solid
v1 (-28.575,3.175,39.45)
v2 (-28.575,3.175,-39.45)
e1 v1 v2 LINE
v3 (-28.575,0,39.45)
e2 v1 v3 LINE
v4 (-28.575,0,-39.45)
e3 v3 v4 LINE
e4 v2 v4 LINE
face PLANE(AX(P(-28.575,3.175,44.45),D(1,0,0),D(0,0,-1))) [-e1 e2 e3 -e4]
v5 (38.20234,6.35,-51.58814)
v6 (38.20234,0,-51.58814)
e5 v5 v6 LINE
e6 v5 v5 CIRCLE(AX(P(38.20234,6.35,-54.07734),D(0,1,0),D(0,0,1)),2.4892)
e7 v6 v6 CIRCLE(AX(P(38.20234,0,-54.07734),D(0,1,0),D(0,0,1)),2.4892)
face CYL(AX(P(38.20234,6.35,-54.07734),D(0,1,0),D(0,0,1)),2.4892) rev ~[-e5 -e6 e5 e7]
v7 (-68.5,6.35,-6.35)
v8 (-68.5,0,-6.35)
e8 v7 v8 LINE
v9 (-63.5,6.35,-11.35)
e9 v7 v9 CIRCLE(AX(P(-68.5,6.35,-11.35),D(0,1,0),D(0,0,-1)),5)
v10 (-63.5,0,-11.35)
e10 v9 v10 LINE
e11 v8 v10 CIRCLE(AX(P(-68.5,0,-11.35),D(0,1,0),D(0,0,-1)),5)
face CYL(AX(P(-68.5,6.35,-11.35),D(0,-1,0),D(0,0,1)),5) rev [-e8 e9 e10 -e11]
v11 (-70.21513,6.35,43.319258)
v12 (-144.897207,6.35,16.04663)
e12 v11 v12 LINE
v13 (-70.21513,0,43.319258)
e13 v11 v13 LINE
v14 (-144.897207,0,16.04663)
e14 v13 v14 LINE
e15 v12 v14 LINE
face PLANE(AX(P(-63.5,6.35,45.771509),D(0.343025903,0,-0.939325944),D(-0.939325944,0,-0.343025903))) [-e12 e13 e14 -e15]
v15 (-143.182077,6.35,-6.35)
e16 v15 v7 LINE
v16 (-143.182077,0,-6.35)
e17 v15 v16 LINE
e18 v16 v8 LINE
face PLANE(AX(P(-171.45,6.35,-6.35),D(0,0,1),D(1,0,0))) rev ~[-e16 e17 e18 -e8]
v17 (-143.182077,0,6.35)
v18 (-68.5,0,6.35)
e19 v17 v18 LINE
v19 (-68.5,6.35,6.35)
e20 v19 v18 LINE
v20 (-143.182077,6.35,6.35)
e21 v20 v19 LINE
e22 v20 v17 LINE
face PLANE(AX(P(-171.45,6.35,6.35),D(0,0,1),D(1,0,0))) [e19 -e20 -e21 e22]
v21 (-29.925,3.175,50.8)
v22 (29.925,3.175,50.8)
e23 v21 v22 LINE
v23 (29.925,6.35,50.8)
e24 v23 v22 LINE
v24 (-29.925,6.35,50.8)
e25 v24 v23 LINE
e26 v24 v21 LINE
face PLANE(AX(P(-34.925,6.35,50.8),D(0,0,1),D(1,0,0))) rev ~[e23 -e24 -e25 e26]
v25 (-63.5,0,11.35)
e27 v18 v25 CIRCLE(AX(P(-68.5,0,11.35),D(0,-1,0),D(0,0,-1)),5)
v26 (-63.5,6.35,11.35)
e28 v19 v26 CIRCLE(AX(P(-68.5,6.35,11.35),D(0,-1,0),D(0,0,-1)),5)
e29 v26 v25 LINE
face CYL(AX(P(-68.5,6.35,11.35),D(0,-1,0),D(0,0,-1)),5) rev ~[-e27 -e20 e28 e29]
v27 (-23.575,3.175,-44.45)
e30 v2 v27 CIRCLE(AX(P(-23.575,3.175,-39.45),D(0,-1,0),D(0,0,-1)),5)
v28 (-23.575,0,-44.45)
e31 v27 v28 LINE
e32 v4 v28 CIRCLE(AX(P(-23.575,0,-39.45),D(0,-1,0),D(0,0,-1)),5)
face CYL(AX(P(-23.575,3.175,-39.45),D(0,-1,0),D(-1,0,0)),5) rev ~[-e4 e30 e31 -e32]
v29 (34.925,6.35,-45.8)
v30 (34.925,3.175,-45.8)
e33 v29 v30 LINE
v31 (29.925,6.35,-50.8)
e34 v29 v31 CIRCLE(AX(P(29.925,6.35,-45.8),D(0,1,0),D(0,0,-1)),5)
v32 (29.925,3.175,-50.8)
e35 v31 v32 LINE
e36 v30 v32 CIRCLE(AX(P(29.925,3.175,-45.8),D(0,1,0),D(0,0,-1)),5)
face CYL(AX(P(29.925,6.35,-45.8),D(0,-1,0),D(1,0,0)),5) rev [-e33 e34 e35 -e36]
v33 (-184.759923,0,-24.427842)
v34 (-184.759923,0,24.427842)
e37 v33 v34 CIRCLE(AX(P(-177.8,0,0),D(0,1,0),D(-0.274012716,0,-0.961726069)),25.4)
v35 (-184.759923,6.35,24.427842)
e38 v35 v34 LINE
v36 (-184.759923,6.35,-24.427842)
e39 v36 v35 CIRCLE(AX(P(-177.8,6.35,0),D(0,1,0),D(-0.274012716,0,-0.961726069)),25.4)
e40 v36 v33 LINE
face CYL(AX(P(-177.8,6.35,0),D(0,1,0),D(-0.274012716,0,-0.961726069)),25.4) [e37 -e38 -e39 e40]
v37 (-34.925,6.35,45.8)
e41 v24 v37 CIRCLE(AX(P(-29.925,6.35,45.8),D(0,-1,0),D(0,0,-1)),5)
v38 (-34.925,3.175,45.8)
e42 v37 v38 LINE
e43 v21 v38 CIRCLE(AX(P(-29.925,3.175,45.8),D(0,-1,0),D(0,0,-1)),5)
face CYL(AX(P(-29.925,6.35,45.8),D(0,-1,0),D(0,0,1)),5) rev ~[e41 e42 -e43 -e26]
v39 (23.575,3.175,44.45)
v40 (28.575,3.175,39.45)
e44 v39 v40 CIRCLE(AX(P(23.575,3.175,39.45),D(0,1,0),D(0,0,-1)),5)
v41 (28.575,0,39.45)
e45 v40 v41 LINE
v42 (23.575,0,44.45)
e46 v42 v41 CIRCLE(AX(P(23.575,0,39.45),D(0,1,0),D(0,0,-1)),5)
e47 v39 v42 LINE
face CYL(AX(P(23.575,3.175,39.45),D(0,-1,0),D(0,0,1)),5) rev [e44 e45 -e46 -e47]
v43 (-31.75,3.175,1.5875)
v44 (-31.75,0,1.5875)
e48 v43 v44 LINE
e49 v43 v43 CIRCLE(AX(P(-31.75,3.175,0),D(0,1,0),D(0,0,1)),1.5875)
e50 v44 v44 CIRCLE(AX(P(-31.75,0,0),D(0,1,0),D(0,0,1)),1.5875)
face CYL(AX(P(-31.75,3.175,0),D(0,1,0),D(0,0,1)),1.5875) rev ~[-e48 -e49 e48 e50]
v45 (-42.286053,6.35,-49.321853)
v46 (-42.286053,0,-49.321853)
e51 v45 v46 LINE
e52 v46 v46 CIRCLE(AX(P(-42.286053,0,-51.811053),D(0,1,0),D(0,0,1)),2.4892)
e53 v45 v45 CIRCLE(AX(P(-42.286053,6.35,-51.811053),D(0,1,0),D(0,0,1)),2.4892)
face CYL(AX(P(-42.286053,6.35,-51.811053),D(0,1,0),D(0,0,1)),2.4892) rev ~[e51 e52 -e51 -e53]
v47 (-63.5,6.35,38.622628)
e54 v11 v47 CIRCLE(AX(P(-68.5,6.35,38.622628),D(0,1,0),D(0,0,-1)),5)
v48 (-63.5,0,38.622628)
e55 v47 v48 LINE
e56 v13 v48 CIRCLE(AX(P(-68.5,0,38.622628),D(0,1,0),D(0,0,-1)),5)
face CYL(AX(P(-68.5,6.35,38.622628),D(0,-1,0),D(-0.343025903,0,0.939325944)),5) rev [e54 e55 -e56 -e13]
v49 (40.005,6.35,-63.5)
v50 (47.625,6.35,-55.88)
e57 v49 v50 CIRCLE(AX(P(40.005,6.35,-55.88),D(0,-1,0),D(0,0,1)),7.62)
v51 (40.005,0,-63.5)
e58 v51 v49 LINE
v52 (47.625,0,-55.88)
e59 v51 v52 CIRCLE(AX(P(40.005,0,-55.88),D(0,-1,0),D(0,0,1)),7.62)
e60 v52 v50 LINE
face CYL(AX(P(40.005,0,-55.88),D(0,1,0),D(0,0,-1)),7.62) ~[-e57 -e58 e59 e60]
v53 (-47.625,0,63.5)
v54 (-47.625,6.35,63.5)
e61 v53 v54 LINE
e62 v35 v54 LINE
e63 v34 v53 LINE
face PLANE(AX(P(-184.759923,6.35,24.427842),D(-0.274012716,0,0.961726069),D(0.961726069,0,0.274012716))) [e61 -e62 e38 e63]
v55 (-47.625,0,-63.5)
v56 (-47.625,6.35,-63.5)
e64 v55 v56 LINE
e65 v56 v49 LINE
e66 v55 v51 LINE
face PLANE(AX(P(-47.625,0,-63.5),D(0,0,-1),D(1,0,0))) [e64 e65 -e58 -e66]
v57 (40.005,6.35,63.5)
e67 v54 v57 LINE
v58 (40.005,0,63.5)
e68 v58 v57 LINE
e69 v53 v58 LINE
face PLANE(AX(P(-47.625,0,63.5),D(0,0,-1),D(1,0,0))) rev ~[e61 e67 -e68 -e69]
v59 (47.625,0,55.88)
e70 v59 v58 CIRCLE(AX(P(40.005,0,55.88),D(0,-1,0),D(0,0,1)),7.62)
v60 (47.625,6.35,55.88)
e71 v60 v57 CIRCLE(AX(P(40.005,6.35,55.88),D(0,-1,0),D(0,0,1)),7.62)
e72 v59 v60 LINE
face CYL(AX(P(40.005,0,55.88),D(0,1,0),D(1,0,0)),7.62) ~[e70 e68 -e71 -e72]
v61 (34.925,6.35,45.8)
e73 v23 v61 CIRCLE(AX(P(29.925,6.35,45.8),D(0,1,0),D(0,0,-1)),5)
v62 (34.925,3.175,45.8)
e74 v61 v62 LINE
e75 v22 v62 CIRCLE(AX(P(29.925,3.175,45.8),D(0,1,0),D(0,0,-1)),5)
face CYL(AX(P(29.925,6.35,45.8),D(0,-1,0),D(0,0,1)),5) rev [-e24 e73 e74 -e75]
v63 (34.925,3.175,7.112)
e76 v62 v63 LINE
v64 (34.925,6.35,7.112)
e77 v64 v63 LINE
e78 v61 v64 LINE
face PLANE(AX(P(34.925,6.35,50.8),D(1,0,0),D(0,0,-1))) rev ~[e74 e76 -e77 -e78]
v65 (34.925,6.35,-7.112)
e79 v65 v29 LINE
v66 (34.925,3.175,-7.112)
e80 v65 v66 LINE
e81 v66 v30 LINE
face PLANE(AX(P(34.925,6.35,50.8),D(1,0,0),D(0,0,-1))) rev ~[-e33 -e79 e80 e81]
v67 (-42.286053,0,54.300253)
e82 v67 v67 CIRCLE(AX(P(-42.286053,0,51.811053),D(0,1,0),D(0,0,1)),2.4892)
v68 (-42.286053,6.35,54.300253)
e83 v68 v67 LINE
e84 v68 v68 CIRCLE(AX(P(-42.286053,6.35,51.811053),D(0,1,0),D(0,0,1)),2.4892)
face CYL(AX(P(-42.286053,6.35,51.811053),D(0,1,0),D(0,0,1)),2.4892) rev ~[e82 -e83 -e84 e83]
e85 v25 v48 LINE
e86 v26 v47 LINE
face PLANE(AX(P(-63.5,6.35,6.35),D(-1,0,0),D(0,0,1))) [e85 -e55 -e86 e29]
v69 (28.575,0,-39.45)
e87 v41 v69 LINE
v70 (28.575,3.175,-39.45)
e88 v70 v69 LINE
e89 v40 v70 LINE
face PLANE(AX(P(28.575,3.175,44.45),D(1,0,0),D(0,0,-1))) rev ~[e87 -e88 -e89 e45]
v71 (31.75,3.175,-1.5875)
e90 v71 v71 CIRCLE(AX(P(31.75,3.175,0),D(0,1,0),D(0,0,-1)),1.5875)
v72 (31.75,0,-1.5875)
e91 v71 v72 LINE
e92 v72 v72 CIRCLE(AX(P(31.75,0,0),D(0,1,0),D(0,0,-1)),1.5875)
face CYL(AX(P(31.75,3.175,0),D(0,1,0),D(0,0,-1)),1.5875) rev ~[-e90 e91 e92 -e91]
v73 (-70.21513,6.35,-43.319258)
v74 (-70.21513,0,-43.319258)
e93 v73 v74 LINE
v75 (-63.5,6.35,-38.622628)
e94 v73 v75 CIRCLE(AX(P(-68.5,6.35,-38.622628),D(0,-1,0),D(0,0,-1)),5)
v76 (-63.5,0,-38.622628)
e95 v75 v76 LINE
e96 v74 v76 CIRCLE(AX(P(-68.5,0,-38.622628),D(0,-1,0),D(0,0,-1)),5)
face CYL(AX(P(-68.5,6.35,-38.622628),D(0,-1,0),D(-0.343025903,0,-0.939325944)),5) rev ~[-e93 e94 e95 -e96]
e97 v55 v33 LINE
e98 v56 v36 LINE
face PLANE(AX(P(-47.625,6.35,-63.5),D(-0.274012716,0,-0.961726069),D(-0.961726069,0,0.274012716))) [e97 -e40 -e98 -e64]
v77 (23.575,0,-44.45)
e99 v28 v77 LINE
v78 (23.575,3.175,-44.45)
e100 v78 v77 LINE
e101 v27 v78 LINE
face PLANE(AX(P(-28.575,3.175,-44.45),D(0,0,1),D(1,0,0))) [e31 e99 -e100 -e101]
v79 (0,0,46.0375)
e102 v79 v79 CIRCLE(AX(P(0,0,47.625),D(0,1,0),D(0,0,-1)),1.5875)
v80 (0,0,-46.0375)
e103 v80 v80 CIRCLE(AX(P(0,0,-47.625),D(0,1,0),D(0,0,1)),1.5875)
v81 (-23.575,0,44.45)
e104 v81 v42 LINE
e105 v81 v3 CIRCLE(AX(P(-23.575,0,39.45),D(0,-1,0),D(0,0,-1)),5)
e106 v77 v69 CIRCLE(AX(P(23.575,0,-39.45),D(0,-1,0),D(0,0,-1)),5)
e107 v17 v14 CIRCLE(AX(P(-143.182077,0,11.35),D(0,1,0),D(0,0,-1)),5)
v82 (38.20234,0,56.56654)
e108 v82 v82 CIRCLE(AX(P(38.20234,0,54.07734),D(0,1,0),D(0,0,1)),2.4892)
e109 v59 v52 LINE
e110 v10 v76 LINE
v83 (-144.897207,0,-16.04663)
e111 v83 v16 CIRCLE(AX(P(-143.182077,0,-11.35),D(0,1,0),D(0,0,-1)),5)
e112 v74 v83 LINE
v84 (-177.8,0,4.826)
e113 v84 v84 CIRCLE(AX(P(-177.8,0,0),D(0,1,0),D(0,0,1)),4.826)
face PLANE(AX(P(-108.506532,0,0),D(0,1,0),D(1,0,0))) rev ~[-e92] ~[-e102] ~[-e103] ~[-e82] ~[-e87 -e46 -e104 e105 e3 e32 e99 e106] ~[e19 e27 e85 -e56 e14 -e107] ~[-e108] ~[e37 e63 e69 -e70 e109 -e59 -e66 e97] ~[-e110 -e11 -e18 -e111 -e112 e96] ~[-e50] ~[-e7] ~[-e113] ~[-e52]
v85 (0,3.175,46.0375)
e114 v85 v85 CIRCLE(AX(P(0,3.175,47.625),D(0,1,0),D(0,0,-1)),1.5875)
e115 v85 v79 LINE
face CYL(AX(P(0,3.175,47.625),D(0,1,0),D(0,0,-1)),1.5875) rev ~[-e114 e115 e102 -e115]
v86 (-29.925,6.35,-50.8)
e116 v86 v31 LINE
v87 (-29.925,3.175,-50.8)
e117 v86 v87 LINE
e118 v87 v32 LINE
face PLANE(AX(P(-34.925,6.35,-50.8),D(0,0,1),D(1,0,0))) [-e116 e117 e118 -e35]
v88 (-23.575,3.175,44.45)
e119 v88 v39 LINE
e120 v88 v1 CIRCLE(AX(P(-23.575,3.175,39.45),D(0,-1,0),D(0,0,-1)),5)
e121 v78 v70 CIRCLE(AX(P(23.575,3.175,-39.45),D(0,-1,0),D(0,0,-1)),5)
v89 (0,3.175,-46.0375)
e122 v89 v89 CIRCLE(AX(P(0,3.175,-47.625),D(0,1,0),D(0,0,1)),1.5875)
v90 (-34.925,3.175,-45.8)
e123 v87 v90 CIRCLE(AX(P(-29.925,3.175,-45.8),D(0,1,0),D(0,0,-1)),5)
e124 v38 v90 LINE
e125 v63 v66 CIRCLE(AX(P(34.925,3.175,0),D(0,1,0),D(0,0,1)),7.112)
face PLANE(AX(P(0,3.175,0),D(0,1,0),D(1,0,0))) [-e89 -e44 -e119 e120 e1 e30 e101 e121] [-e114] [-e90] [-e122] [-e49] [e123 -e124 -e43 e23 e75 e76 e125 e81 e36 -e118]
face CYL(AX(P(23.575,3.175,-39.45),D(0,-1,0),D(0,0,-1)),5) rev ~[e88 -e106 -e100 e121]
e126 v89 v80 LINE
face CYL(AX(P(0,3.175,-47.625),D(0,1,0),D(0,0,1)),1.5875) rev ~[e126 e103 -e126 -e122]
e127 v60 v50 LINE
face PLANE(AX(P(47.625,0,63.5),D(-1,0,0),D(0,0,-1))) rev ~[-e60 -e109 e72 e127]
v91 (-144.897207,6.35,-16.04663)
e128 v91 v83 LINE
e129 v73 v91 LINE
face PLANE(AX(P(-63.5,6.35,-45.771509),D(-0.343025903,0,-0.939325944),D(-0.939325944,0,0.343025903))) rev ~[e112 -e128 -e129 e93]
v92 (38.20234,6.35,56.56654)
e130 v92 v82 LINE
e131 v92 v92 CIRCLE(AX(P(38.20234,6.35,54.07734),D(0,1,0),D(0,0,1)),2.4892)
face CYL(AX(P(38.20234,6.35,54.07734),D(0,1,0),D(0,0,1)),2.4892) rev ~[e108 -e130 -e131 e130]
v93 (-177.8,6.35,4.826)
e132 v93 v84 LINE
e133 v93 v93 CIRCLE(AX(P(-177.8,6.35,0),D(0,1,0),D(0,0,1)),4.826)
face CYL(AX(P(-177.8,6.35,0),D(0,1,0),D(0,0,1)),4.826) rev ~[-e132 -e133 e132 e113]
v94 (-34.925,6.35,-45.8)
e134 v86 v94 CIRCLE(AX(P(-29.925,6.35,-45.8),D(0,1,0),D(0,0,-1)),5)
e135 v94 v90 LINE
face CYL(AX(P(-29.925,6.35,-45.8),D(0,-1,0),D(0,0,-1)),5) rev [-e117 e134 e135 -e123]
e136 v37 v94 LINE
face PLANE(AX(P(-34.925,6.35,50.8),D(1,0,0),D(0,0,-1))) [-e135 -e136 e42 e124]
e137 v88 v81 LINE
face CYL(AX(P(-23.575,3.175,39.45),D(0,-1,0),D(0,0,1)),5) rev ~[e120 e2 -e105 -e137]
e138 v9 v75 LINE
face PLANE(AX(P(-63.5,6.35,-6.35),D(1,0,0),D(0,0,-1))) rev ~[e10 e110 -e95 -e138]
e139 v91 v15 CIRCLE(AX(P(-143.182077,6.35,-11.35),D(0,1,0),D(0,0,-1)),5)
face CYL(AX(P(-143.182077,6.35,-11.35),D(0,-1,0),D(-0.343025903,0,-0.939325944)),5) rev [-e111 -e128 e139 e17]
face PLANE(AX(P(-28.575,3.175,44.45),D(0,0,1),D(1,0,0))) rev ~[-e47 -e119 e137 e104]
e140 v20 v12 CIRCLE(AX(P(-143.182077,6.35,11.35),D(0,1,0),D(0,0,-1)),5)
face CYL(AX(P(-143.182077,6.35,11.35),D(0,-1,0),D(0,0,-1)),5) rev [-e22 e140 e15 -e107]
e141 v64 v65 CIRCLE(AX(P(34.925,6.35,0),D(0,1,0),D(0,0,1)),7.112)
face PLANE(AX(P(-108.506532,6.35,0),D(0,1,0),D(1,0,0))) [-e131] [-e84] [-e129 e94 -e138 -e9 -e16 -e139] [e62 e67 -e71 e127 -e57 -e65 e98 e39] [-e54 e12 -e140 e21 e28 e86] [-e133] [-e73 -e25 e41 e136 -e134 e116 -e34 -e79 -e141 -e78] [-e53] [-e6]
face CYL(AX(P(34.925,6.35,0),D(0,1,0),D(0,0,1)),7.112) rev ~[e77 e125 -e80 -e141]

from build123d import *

# Parameters (mm, degrees)
SKETCH1_W           = 95.25
SKETCH1_H           = 127
BOSS_EXTRUDE1_DEPTH = 6.35
BOSS_EXTRUDE3_DEPTH = 6.35
SKETCH5_R           = 4.826
CUT_EXTRUDE1_DEPTH  = 213.985474857
CUT_EXTRUDE2_DEPTH  = 213.985474857
FILLET9_R           = 5
SKETCH7_R           = 5.453804141
BOSS_EXTRUDE4_DEPTH = 6.35
SKETCH8_W           = 69.85
SKETCH8_H           = 101.6
CUT_EXTRUDE3_DEPTH  = 3.175
SKETCH9_W           = 57.15
SKETCH9_H           = 88.9
CUT_EXTRUDE4_DEPTH  = 213.914467862
SKETCH11_R          = 1.5875
CUT_EXTRUDE6_DEPTH  = 213.914467862
CUT_EXTRUDE7_DEPTH  = 3.175
FILLET10_R          = 5
FILLET11_R          = 5
FILLET12_R          = 7.62
SKETCH13_R          = 2.4892
CUT_EXTRUDE8_DEPTH  = 213.985474857


with BuildPart() as part:
    # Sketch1 → Boss-Extrude1 (new body)
    with BuildSketch(Plane(origin=(0, 0, 0), x_dir=(1, 0, 0), z_dir=(0, 1, 0))):
        Rectangle(SKETCH1_W, SKETCH1_H)
    extrude(amount=BOSS_EXTRUDE1_DEPTH)

    # Sketch4 → Boss-Extrude3 (add)
    with BuildSketch(Plane(origin=(0, 6.35, 0), x_dir=(1, 0, 0), z_dir=(0, 1, 0))):
        with BuildLine():
            Line((-47.625, 63.5), (-184.759922998, 24.427842145))
            ThreePointArc((-184.759922998, 24.427842145), (-203.2, 0), (-184.759922998, -24.427842145))
            Line((-184.759922998, -24.427842145), (-47.625, -63.5))
            Line((-47.625, -63.5), (-47.625, 63.5))
        make_face()
    extrude(amount=-BOSS_EXTRUDE3_DEPTH)

    # Sketch5 → Cut-Extrude1 (cut, through all)
    with BuildSketch(Plane(origin=(0, 6.35, 0), x_dir=(1, 0, 0), z_dir=(0, 1, 0))):
        with Locations(Location((-177.8, 0, 0), (0, 0, 270))):
            Circle(SKETCH5_R)
        with Locations(Location((-22.225, 0, 0), (0, 0, 270))):
            Circle(SKETCH5_R)
    extrude(amount=-CUT_EXTRUDE1_DEPTH, mode=Mode.SUBTRACT)

    # Sketch6 → Cut-Extrude2 (cut, through all)
    with BuildSketch(Plane(origin=(0, 6.35, 0), x_dir=(1, 0, 0), z_dir=(0, 1, 0))):
        Polygon((-63.5, 45.771509083), (-171.45, 6.35), (-63.5, 6.35), align=None)
        Polygon((-63.5, -6.35), (-63.5, -45.771509083), (-171.45, -6.35), align=None)
    extrude(amount=-CUT_EXTRUDE2_DEPTH, mode=Mode.SUBTRACT)

    # Fillet9
    fillet9_edges = [part.edges().sort_by_distance(p)[0] for p in [
        (-63.5, 3.175, -45.771509083),
        (-63.5, 3.175, -6.35),
        (-171.45, 3.175, -6.35),
        (-171.45, 3.175, 6.35),
        (-63.5, 3.175, 6.35),
        (-63.5, 3.175, 45.771509083),
    ]]
    fillet(fillet9_edges, radius=FILLET9_R)

    # Sketch7 → Boss-Extrude4 (add)
    with BuildSketch(Plane(origin=(0, 6.35, 0), x_dir=(1, 0, 0), z_dir=(0, 1, 0))):
        with Locations((-22.225, 0)):
            Circle(SKETCH7_R)
    extrude(amount=-BOSS_EXTRUDE4_DEPTH)

    # Sketch8 → Cut-Extrude3 (cut)
    with BuildSketch(Plane(origin=(0, 6.35, 0), x_dir=(1, 0, 0), z_dir=(0, 1, 0))):
        Rectangle(SKETCH8_W, SKETCH8_H)
    extrude(amount=-CUT_EXTRUDE3_DEPTH, mode=Mode.SUBTRACT)

    # Sketch9 → Cut-Extrude4 (cut, through all)
    with BuildSketch(Plane(origin=(0, 3.175, 0), x_dir=(1, 0, 0), z_dir=(0, 1, 0))):
        Rectangle(SKETCH9_W, SKETCH9_H)
    extrude(amount=-CUT_EXTRUDE4_DEPTH, mode=Mode.SUBTRACT)

    # Sketch11 → Cut-Extrude6 (cut, through all)
    with BuildSketch(Plane(origin=(0, 3.175, 0), x_dir=(1, 0, 0), z_dir=(0, 1, 0))):
        with Locations(Location((-31.75, 0, 0), (0, 0, 270))):
            Circle(SKETCH11_R)
        with Locations(Location((31.75, 0, 0), (0, 0, 90))):
            Circle(SKETCH11_R)
        with Locations(Location((0, 47.625, 0), (0, 0, 270))):
            Circle(SKETCH11_R)
        with Locations(Location((0, -47.625, 0), (0, 0, 90))):
            Circle(SKETCH11_R)
    extrude(amount=-CUT_EXTRUDE6_DEPTH, mode=Mode.SUBTRACT)

    # Sketch12 → Cut-Extrude7 (cut)
    with BuildSketch(Plane(origin=(0, 6.35, 0), x_dir=(1, 0, 0), z_dir=(0, 1, 0))):
        with BuildLine():
            Line((34.925, 7.112), (34.925, -7.112))
            ThreePointArc((34.925, -7.112), (42.037, 0), (34.925, 7.112))
        make_face()
    extrude(amount=-CUT_EXTRUDE7_DEPTH, mode=Mode.SUBTRACT)

    # Fillet10
    fillet10_edges = [part.edges().sort_by_distance(p)[0] for p in [
        (-34.925, 4.7625, -50.8),
        (34.925, 4.7625, -50.8),
        (34.925, 4.7625, 50.8),
        (-34.925, 4.7625, 50.8),
    ]]
    fillet(fillet10_edges, radius=FILLET10_R)

    # Fillet11
    fillet11_edges = [part.edges().sort_by_distance(p)[0] for p in [
        (-28.575, 1.5875, 44.45),
        (-28.575, 1.5875, -44.45),
        (28.575, 1.5875, -44.45),
        (28.575, 1.5875, 44.45),
    ]]
    fillet(fillet11_edges, radius=FILLET11_R)

    # Fillet12
    fillet12_edges = [part.edges().sort_by_distance(p)[0] for p in [
        (47.625, 3.175, 63.5),
        (47.625, 3.175, -63.5),
    ]]
    fillet(fillet12_edges, radius=FILLET12_R)

    # Sketch13 → Cut-Extrude8 (cut, through all)
    with BuildSketch(Plane(origin=(0, 6.35, 0), x_dir=(1, 0, 0), z_dir=(0, 1, 0))):
        with Locations(Location((-42.286053483, 51.811053483, 0), (0, 0, 270))):
            Circle(SKETCH13_R)
        with Locations(Location((-42.286053483, -51.811053483, 0), (0, 0, 270))):
            Circle(SKETCH13_R)
        with Locations(Location((38.202339924, -54.077339924, 0), (0, 0, 270))):
            Circle(SKETCH13_R)
        with Locations(Location((38.202339924, 54.077339924, 0), (0, 0, 270))):
            Circle(SKETCH13_R)
    extrude(amount=-CUT_EXTRUDE8_DEPTH, mode=Mode.SUBTRACT)


solid = part.part
